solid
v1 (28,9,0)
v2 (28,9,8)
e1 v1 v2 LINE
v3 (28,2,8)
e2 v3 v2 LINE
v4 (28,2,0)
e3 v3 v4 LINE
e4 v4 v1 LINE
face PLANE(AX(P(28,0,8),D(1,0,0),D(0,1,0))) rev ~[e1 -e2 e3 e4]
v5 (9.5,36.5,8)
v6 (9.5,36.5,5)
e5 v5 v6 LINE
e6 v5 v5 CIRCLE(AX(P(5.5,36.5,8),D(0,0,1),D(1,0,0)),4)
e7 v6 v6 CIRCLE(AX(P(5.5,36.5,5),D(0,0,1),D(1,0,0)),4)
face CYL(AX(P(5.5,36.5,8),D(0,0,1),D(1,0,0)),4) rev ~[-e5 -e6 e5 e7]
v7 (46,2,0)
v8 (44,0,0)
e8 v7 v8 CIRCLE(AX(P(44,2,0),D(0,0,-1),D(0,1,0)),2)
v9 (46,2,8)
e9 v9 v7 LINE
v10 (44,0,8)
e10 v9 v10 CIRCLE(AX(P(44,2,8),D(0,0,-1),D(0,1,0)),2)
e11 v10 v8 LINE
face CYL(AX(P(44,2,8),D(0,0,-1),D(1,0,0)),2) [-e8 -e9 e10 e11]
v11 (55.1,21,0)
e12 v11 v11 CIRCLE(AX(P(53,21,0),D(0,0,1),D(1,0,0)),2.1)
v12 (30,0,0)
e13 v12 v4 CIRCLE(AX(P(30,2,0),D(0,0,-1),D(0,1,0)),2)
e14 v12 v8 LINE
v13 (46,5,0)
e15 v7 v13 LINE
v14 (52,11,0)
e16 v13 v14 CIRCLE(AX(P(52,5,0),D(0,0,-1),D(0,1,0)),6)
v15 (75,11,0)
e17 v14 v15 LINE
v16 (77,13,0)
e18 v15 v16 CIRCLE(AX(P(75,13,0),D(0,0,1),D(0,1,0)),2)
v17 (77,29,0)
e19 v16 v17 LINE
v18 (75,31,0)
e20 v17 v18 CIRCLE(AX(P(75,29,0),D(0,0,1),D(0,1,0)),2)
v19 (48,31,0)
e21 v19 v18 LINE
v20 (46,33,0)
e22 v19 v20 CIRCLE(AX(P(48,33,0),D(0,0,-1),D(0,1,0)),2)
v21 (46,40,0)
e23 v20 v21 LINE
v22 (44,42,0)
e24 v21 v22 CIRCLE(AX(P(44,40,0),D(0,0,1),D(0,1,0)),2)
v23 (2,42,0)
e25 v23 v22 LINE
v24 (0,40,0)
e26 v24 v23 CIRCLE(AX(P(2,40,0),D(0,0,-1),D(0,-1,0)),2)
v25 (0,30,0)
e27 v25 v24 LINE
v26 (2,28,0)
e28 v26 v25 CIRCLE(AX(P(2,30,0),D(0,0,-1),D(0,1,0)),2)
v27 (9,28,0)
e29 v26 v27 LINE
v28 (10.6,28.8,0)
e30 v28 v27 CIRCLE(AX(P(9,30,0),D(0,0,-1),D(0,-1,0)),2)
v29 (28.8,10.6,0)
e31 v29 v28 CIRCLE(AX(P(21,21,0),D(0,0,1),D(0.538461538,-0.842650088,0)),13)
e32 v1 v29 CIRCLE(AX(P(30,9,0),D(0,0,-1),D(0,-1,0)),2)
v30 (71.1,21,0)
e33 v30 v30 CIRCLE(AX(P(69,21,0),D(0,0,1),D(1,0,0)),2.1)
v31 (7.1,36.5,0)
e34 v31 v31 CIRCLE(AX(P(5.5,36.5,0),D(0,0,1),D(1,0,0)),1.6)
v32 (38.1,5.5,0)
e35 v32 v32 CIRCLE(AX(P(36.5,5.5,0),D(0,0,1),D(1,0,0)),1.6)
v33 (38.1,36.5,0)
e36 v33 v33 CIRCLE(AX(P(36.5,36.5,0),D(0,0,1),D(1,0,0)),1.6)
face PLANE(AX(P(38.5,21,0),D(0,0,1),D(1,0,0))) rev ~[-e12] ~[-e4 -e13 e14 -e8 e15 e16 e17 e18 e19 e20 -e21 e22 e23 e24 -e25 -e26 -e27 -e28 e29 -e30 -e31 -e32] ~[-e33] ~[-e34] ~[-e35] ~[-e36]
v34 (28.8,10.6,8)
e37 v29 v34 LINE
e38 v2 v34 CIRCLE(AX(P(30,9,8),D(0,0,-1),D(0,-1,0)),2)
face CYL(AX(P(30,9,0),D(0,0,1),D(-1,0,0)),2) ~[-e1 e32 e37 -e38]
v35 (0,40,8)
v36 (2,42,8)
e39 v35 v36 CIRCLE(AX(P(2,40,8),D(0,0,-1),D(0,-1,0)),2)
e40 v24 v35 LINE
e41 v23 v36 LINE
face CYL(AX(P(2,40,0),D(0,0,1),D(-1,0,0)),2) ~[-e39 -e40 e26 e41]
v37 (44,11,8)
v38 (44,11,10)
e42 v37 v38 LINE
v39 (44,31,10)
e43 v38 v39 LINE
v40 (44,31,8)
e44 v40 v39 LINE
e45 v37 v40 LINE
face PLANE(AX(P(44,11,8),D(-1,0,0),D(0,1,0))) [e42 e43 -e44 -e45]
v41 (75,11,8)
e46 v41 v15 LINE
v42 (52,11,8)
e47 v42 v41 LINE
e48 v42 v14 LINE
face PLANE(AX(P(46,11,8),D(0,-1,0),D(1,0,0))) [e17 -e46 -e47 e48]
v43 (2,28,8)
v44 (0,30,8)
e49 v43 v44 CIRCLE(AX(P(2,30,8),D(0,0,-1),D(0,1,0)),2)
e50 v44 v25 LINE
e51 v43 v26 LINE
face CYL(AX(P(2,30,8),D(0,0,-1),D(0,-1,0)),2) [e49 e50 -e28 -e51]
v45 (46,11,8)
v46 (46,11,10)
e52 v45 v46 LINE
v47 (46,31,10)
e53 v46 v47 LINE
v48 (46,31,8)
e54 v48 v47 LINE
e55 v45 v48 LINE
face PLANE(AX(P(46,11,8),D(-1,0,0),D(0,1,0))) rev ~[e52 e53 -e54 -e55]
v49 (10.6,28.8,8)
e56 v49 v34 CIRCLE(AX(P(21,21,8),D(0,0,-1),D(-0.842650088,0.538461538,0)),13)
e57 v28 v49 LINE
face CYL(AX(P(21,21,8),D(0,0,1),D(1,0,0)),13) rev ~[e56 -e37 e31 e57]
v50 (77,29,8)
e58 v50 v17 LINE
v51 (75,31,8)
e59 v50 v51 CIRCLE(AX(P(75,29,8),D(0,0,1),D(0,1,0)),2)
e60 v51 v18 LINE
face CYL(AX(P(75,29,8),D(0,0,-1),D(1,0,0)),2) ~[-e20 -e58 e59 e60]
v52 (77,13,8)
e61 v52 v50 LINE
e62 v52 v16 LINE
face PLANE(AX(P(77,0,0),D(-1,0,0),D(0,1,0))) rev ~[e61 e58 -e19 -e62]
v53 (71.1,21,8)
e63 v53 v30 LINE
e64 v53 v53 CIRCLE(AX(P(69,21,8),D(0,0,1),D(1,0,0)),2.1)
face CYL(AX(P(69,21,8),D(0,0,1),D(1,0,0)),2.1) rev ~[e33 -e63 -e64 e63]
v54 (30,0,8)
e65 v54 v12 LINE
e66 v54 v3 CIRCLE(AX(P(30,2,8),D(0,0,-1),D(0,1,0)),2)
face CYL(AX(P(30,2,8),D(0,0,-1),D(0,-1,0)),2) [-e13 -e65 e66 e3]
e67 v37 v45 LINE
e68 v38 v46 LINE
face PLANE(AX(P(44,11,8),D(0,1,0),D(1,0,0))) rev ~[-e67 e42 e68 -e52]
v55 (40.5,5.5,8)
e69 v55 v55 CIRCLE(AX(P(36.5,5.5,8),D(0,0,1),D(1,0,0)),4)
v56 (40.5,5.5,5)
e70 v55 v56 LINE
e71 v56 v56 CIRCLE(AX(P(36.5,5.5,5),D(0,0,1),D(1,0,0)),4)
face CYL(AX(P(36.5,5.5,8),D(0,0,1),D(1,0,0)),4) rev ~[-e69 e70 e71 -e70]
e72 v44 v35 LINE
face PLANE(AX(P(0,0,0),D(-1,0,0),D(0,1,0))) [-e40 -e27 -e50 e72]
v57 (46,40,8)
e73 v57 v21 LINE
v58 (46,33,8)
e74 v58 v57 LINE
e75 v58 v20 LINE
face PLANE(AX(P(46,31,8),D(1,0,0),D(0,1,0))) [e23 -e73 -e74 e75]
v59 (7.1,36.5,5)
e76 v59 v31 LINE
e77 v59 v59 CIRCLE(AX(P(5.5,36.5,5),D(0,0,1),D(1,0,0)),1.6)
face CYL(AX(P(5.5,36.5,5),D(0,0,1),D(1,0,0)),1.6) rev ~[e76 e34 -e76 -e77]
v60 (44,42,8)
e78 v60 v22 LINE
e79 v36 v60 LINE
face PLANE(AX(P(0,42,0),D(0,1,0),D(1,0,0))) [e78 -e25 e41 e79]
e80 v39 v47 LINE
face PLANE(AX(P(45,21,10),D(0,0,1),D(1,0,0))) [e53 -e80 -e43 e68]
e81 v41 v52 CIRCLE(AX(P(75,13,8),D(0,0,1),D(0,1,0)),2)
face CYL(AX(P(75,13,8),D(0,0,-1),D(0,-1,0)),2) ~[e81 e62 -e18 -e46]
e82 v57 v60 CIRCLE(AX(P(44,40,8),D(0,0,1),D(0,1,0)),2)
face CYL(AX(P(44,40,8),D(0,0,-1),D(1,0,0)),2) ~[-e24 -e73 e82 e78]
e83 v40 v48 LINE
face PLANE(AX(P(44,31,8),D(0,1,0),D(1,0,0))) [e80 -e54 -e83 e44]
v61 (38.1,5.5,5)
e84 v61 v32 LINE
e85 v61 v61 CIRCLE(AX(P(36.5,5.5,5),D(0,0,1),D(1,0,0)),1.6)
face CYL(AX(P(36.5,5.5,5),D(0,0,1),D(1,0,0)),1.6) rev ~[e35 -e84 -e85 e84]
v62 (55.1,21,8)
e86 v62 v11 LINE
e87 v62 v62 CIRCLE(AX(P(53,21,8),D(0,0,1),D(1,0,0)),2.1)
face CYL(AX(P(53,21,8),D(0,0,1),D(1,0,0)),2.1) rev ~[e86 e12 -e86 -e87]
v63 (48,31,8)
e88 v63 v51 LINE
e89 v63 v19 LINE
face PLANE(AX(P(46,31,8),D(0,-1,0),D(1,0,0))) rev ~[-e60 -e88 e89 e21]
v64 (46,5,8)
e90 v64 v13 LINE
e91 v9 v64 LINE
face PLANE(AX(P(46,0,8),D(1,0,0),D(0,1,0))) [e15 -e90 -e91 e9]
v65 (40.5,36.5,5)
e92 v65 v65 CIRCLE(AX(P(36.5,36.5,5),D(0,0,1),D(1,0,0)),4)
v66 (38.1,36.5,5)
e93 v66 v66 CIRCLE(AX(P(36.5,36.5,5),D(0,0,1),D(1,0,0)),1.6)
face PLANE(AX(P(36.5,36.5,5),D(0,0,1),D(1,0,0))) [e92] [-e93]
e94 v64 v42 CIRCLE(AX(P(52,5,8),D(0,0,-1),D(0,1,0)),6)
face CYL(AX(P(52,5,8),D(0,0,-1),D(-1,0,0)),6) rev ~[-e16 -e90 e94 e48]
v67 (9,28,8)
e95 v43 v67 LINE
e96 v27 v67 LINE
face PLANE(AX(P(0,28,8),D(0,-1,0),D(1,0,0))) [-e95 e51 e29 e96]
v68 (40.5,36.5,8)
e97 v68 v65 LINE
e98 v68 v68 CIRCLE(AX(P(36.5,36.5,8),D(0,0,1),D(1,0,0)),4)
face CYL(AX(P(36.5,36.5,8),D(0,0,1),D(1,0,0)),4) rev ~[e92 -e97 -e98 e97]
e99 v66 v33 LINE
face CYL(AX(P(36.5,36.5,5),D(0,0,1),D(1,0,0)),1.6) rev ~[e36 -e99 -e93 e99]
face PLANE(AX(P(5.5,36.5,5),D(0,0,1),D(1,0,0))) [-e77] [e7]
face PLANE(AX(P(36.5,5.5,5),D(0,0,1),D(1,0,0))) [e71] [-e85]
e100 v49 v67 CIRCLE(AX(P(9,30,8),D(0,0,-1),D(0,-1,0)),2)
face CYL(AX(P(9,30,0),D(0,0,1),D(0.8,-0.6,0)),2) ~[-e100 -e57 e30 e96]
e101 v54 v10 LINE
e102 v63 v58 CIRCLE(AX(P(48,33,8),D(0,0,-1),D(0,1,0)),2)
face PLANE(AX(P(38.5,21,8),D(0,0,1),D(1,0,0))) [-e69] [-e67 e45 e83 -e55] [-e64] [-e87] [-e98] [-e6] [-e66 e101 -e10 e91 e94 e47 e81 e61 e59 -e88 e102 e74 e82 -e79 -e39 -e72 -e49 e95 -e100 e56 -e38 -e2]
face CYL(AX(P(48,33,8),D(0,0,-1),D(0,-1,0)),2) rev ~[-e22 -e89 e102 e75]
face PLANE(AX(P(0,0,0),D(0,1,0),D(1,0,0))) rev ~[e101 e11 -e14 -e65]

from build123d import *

# Parameters (mm, degrees)
ESQUISSE1_W             = 77
ESQUISSE1_H             = 42
BOSS_EXTRU_1_DEPTH      = 8
ESQUISSE3_R             = 4
ENL_V_MAT_EXTRU_1_DEPTH = 3
ESQUISSE4_R             = 13
ENL_V_MAT_EXTRU_2_DEPTH = 9
ESQUISSE5_W             = 28
ESQUISSE5_H             = 28
ENL_V_MAT_EXTRU_3_DEPTH = 9
ESQUISSE10_R            = 1.6
ENL_V_MAT_EXTRU_4_DEPTH = 6
ESQUISSE11_W            = 31
ESQUISSE11_H            = 11
ENL_V_MAT_EXTRU_5_DEPTH = 9
ESQUISSE12_R            = 2.1
ENL_V_MAT_EXTRU_6_DEPTH = 9
CONG_1_R                = 6
CONG_2_R                = 2
SKETCH1_W               = 2
SKETCH1_H               = 20
BOSS_EXTRUDE1_DEPTH     = 2


with BuildPart() as part:
    # Esquisse1 → Boss.-Extru.1 (new body)
    with BuildSketch(Plane.XY):
        with Locations((38.5, 21)):
            Rectangle(ESQUISSE1_W, ESQUISSE1_H)
    extrude(amount=BOSS_EXTRU_1_DEPTH)

    # Esquisse3 → Enlèv. mat.-Extru.1 (cut)
    with BuildSketch(Plane.XY.offset(8)):
        with Locations((5.5, 36.5)):
            Circle(ESQUISSE3_R)
        with Locations((36.5, 36.5)):
            Circle(ESQUISSE3_R)
        with Locations((36.5, 5.5)):
            Circle(ESQUISSE3_R)
    extrude(amount=-ENL_V_MAT_EXTRU_1_DEPTH, mode=Mode.SUBTRACT)

    # Esquisse4 → Enlèv. mat.-Extru.2 (cut, through all)
    with BuildSketch(Plane.XY.offset(8)):
        with Locations((21, 21)):
            Circle(ESQUISSE4_R)
    extrude(amount=-ENL_V_MAT_EXTRU_2_DEPTH, mode=Mode.SUBTRACT)

    # Esquisse5 → Enlèv. mat.-Extru.3 (cut, through all)
    with BuildSketch(Plane.XY.offset(8)):
        with Locations((14, 14)):
            Rectangle(ESQUISSE5_W, ESQUISSE5_H)
    extrude(amount=-ENL_V_MAT_EXTRU_3_DEPTH, mode=Mode.SUBTRACT)

    # Esquisse10 → Enlèv. mat.-Extru.4 (cut, through all)
    with BuildSketch(Plane.XY.offset(5)):
        with Locations((5.5, 36.5)):
            Circle(ESQUISSE10_R)
        with Locations((36.5, 36.5)):
            Circle(ESQUISSE10_R)
        with Locations((36.5, 5.5)):
            Circle(ESQUISSE10_R)
    extrude(amount=-ENL_V_MAT_EXTRU_4_DEPTH, mode=Mode.SUBTRACT)

    # Esquisse11 → Enlèv. mat.-Extru.5 (cut, through all)
    with BuildSketch(Plane.XY.offset(8)):
        with Locations((61.5, 5.5)):
            Rectangle(ESQUISSE11_W, ESQUISSE11_H)
        with Locations((61.5, 36.5)):
            Rectangle(ESQUISSE11_W, ESQUISSE11_H)
    extrude(amount=-ENL_V_MAT_EXTRU_5_DEPTH, mode=Mode.SUBTRACT)

    # Esquisse12 → Enlèv. mat.-Extru.6 (cut, through all)
    with BuildSketch(Plane.XY.offset(8)):
        with Locations((53, 21)):
            Circle(ESQUISSE12_R)
        with Locations((69, 21)):
            Circle(ESQUISSE12_R)
    extrude(amount=-ENL_V_MAT_EXTRU_6_DEPTH, mode=Mode.SUBTRACT)

    # Congé1
    cong_1_edges = [part.edges().sort_by_distance(p)[0] for p in [
        (46, 11, 4),
    ]]
    fillet(cong_1_edges, radius=CONG_1_R)

    # Congé2
    cong_2_edges = [part.edges().sort_by_distance(p)[0] for p in [
        (28, 10.04554885, 4),
        (10.04554885, 28, 4),
        (0, 28, 4),
        (28, 0, 4),
        (77, 11, 4),
        (46, 0, 4),
        (0, 42, 4),
        (77, 31, 4),
        (46, 31, 4),
        (46, 42, 4),
    ]]
    fillet(cong_2_edges, radius=CONG_2_R)

    # Sketch1 → Boss-Extrude1 (add)
    with BuildSketch(Plane.XY.offset(8)):
        with Locations((45, 21)):
            Rectangle(SKETCH1_W, SKETCH1_H)
    extrude(amount=BOSS_EXTRUDE1_DEPTH)


solid = part.part
